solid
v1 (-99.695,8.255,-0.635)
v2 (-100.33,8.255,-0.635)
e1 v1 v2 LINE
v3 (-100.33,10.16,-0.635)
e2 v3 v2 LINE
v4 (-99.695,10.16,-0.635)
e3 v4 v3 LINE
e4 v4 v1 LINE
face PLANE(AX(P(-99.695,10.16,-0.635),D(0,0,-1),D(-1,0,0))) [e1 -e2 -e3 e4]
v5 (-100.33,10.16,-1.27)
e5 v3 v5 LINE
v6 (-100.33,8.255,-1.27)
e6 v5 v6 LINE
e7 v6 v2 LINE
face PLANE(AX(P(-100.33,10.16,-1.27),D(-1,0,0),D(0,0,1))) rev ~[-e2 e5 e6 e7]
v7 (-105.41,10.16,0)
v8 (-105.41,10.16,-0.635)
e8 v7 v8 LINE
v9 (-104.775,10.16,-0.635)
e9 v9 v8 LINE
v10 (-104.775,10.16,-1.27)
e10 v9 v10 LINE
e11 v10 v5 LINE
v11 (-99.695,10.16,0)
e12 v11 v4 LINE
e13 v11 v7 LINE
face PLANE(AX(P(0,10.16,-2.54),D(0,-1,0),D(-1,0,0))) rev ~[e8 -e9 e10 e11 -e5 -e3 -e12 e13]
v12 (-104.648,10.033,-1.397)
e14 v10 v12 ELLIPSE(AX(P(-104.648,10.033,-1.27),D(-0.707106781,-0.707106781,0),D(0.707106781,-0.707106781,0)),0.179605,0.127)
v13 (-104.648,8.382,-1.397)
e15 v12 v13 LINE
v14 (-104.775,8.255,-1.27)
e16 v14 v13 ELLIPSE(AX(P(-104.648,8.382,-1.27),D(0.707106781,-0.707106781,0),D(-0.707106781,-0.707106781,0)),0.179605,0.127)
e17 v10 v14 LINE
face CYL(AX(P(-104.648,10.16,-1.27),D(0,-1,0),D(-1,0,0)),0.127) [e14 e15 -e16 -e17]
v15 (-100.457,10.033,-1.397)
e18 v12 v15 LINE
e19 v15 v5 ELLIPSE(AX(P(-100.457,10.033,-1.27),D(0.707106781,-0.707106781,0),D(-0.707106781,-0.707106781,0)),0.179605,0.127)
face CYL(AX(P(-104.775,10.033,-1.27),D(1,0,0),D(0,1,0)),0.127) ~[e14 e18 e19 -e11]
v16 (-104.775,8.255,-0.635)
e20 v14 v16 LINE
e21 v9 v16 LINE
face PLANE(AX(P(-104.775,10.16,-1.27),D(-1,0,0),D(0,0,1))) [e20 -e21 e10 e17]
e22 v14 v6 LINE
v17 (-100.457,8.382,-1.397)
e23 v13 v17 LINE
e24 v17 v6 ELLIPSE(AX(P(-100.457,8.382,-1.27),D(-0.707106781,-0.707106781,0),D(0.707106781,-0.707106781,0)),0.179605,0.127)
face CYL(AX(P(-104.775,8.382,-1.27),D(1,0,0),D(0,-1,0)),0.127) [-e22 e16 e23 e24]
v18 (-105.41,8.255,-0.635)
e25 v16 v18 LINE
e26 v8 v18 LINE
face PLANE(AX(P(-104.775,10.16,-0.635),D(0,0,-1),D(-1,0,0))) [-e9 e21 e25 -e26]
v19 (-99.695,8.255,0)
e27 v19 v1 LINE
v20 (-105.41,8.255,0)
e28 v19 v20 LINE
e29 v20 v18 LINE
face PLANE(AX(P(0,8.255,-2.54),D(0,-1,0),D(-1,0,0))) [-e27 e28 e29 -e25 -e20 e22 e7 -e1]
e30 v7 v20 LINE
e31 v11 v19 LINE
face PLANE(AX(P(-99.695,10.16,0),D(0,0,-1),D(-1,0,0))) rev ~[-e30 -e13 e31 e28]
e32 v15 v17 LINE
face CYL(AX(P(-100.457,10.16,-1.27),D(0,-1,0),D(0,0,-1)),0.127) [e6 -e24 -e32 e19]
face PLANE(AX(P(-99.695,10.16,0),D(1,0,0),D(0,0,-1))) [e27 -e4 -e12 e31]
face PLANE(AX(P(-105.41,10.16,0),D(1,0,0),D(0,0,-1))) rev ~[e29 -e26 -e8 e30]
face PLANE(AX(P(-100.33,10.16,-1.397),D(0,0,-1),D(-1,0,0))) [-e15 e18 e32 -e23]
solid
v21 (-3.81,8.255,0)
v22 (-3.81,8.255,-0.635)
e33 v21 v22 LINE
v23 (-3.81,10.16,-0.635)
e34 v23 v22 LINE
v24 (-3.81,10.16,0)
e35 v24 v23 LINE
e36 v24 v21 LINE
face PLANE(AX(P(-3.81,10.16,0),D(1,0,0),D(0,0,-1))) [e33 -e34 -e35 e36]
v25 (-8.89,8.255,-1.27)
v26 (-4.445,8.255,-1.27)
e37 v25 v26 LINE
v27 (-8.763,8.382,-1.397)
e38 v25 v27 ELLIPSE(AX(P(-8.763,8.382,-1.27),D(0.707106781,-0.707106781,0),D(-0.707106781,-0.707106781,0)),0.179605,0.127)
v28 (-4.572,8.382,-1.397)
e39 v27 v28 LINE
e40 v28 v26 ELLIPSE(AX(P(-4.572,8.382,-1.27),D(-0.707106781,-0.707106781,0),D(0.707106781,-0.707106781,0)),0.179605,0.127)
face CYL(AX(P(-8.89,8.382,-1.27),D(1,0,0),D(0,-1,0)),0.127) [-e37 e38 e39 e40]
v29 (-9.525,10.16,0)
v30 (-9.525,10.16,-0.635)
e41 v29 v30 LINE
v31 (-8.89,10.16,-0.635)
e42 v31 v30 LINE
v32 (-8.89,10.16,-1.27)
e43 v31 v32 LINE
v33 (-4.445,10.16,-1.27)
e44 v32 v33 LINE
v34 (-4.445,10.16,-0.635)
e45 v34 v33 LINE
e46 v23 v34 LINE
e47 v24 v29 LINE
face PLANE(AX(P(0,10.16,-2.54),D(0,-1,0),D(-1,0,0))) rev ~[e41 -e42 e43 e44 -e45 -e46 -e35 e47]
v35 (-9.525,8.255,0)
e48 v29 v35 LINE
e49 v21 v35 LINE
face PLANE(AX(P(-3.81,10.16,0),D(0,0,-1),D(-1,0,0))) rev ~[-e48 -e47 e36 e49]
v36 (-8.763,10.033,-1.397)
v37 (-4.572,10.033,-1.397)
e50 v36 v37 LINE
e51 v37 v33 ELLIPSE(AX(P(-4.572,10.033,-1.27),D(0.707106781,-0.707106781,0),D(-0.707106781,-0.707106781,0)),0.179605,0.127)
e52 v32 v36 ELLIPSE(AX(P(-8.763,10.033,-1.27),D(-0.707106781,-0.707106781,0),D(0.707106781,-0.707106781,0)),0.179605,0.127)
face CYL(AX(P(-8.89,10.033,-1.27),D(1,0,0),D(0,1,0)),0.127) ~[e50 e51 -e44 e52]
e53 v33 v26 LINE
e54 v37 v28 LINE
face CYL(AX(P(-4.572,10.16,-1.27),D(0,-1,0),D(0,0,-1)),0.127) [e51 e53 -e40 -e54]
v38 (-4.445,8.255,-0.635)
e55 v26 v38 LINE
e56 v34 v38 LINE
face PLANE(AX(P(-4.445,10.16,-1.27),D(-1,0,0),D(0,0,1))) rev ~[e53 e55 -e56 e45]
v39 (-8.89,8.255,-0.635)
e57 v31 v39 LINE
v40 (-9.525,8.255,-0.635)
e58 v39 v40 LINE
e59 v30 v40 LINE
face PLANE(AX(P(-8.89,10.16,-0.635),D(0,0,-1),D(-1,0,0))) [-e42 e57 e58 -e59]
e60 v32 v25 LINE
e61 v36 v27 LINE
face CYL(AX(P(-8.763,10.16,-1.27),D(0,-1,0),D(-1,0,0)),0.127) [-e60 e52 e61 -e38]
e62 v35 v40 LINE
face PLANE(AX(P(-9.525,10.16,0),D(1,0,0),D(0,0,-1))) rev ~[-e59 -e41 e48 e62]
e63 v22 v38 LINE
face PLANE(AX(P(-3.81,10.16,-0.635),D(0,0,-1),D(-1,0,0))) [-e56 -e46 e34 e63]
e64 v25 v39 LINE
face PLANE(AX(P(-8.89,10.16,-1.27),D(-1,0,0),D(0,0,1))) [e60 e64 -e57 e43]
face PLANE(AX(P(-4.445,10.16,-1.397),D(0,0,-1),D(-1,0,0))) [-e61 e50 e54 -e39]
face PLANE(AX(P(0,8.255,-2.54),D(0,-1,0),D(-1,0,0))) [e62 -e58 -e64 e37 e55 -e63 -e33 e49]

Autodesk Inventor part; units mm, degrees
ref_plane "YZ Plane" through (0, 0, 0) normal (1, 0, 0) x (0, 1, 0)
ref_plane "Work Plane1" through (0, 10.16, -2.54) normal (0, -1, 0) x (-1, 0, 0)
ref_plane "Work Plane2" through (-110.49, 8.255, -2.54) normal (0, 1, 0) x (0, 0, 1)
sketch "Sketch2" plane through (0, 10.16, -2.54) normal (0, -1, 0) x (-1, 0, 0)
  line L0 (4.445, -1.27) -> (4.445, -1.905)
  line L1 (3.81, -1.905) -> (4.445, -1.905)
  line L2 (3.81, -2.54) -> (3.81, -1.905)
  line L3 (3.81, -2.54) -> (9.525, -2.54)
  line L4 (9.525, -2.54) -> (9.525, -1.905)
  line L5 (8.89, -1.905) -> (9.525, -1.905)
  line L6 (8.89, -1.27) -> (8.89, -1.905)
  line L7 (8.89, -1.27) -> (4.445, -1.27)
  point P0 (0, -2.54)
extrude "Extrusion1" add sketch "Sketch2" along normal up to surface (1.905 mm away)
sketch "Sketch3" plane through (-4.445, 10.16, -1.27) normal (0, 0, -1) x (-1, 0, 0)
  line L0 (4.445, -1.905) -> (0, -1.905) projected
  line L1 (4.445, 0) -> (4.445, -1.905) projected
  line L2 (4.445, 0) -> (0, 0) projected
  line L3 (0, 0) -> (0, -1.905) projected
  point P0 (-4.445, -10.16)
extrude "Extrusion2" add sketch "Sketch3" along normal blind 0.127
ref_plane "Work Plane3" through (-110.49, 8.255, -2.54) normal (0, 1, 0) x (0, 0, 1)
sketch "Sketch5" plane through (0, 10.16, -2.54) normal (0, -1, 0) x (-1, 0, 0)
  line L0 (100.33, -1.27) -> (100.33, -1.905)
  line L1 (99.695, -1.905) -> (100.33, -1.905)
  line L2 (99.695, -2.54) -> (99.695, -1.905)
  line L3 (99.695, -2.54) -> (105.41, -2.54)
  line L4 (105.41, -2.54) -> (105.41, -1.905)
  line L5 (104.775, -1.905) -> (105.41, -1.905)
  line L6 (104.775, -1.27) -> (104.775, -1.905)
  line L7 (104.775, -1.27) -> (100.33, -1.27)
  point P0 (0, -2.54)
extrude "Extrusion3" add sketch "Sketch5" along normal up to surface (1.905 mm away) separate body
sketch "Sketch6" plane through (-100.33, 10.16, -1.27) normal (0, 0, -1) x (-1, 0, 0)
  line L0 (4.445, -1.905) -> (0, -1.905) projected
  line L1 (4.445, 0) -> (4.445, -1.905) projected
  line L2 (4.445, 0) -> (0, 0) projected
  line L3 (0, 0) -> (0, -1.905) projected
  point P0 (-100.33, -10.16)
extrude "Extrusion4" add sketch "Sketch6" along normal blind 0.127 bodies 2
fillet "Fillet1" radius 0.127 4 edges at (-4.445, 9.2075, -1.397) (-8.89, 9.2075, -1.397) (-6.6675, 8.255, -1.397) (-6.6675, 10.16, -1.397)
fillet "Fillet2" radius 0.127 4 edges at (-100.33, 9.2075, -1.397) (-102.5525, 10.16, -1.397) (-104.775, 9.2075, -1.397) (-102.5525, 8.255, -1.397)
properties part number "LedCovers"
